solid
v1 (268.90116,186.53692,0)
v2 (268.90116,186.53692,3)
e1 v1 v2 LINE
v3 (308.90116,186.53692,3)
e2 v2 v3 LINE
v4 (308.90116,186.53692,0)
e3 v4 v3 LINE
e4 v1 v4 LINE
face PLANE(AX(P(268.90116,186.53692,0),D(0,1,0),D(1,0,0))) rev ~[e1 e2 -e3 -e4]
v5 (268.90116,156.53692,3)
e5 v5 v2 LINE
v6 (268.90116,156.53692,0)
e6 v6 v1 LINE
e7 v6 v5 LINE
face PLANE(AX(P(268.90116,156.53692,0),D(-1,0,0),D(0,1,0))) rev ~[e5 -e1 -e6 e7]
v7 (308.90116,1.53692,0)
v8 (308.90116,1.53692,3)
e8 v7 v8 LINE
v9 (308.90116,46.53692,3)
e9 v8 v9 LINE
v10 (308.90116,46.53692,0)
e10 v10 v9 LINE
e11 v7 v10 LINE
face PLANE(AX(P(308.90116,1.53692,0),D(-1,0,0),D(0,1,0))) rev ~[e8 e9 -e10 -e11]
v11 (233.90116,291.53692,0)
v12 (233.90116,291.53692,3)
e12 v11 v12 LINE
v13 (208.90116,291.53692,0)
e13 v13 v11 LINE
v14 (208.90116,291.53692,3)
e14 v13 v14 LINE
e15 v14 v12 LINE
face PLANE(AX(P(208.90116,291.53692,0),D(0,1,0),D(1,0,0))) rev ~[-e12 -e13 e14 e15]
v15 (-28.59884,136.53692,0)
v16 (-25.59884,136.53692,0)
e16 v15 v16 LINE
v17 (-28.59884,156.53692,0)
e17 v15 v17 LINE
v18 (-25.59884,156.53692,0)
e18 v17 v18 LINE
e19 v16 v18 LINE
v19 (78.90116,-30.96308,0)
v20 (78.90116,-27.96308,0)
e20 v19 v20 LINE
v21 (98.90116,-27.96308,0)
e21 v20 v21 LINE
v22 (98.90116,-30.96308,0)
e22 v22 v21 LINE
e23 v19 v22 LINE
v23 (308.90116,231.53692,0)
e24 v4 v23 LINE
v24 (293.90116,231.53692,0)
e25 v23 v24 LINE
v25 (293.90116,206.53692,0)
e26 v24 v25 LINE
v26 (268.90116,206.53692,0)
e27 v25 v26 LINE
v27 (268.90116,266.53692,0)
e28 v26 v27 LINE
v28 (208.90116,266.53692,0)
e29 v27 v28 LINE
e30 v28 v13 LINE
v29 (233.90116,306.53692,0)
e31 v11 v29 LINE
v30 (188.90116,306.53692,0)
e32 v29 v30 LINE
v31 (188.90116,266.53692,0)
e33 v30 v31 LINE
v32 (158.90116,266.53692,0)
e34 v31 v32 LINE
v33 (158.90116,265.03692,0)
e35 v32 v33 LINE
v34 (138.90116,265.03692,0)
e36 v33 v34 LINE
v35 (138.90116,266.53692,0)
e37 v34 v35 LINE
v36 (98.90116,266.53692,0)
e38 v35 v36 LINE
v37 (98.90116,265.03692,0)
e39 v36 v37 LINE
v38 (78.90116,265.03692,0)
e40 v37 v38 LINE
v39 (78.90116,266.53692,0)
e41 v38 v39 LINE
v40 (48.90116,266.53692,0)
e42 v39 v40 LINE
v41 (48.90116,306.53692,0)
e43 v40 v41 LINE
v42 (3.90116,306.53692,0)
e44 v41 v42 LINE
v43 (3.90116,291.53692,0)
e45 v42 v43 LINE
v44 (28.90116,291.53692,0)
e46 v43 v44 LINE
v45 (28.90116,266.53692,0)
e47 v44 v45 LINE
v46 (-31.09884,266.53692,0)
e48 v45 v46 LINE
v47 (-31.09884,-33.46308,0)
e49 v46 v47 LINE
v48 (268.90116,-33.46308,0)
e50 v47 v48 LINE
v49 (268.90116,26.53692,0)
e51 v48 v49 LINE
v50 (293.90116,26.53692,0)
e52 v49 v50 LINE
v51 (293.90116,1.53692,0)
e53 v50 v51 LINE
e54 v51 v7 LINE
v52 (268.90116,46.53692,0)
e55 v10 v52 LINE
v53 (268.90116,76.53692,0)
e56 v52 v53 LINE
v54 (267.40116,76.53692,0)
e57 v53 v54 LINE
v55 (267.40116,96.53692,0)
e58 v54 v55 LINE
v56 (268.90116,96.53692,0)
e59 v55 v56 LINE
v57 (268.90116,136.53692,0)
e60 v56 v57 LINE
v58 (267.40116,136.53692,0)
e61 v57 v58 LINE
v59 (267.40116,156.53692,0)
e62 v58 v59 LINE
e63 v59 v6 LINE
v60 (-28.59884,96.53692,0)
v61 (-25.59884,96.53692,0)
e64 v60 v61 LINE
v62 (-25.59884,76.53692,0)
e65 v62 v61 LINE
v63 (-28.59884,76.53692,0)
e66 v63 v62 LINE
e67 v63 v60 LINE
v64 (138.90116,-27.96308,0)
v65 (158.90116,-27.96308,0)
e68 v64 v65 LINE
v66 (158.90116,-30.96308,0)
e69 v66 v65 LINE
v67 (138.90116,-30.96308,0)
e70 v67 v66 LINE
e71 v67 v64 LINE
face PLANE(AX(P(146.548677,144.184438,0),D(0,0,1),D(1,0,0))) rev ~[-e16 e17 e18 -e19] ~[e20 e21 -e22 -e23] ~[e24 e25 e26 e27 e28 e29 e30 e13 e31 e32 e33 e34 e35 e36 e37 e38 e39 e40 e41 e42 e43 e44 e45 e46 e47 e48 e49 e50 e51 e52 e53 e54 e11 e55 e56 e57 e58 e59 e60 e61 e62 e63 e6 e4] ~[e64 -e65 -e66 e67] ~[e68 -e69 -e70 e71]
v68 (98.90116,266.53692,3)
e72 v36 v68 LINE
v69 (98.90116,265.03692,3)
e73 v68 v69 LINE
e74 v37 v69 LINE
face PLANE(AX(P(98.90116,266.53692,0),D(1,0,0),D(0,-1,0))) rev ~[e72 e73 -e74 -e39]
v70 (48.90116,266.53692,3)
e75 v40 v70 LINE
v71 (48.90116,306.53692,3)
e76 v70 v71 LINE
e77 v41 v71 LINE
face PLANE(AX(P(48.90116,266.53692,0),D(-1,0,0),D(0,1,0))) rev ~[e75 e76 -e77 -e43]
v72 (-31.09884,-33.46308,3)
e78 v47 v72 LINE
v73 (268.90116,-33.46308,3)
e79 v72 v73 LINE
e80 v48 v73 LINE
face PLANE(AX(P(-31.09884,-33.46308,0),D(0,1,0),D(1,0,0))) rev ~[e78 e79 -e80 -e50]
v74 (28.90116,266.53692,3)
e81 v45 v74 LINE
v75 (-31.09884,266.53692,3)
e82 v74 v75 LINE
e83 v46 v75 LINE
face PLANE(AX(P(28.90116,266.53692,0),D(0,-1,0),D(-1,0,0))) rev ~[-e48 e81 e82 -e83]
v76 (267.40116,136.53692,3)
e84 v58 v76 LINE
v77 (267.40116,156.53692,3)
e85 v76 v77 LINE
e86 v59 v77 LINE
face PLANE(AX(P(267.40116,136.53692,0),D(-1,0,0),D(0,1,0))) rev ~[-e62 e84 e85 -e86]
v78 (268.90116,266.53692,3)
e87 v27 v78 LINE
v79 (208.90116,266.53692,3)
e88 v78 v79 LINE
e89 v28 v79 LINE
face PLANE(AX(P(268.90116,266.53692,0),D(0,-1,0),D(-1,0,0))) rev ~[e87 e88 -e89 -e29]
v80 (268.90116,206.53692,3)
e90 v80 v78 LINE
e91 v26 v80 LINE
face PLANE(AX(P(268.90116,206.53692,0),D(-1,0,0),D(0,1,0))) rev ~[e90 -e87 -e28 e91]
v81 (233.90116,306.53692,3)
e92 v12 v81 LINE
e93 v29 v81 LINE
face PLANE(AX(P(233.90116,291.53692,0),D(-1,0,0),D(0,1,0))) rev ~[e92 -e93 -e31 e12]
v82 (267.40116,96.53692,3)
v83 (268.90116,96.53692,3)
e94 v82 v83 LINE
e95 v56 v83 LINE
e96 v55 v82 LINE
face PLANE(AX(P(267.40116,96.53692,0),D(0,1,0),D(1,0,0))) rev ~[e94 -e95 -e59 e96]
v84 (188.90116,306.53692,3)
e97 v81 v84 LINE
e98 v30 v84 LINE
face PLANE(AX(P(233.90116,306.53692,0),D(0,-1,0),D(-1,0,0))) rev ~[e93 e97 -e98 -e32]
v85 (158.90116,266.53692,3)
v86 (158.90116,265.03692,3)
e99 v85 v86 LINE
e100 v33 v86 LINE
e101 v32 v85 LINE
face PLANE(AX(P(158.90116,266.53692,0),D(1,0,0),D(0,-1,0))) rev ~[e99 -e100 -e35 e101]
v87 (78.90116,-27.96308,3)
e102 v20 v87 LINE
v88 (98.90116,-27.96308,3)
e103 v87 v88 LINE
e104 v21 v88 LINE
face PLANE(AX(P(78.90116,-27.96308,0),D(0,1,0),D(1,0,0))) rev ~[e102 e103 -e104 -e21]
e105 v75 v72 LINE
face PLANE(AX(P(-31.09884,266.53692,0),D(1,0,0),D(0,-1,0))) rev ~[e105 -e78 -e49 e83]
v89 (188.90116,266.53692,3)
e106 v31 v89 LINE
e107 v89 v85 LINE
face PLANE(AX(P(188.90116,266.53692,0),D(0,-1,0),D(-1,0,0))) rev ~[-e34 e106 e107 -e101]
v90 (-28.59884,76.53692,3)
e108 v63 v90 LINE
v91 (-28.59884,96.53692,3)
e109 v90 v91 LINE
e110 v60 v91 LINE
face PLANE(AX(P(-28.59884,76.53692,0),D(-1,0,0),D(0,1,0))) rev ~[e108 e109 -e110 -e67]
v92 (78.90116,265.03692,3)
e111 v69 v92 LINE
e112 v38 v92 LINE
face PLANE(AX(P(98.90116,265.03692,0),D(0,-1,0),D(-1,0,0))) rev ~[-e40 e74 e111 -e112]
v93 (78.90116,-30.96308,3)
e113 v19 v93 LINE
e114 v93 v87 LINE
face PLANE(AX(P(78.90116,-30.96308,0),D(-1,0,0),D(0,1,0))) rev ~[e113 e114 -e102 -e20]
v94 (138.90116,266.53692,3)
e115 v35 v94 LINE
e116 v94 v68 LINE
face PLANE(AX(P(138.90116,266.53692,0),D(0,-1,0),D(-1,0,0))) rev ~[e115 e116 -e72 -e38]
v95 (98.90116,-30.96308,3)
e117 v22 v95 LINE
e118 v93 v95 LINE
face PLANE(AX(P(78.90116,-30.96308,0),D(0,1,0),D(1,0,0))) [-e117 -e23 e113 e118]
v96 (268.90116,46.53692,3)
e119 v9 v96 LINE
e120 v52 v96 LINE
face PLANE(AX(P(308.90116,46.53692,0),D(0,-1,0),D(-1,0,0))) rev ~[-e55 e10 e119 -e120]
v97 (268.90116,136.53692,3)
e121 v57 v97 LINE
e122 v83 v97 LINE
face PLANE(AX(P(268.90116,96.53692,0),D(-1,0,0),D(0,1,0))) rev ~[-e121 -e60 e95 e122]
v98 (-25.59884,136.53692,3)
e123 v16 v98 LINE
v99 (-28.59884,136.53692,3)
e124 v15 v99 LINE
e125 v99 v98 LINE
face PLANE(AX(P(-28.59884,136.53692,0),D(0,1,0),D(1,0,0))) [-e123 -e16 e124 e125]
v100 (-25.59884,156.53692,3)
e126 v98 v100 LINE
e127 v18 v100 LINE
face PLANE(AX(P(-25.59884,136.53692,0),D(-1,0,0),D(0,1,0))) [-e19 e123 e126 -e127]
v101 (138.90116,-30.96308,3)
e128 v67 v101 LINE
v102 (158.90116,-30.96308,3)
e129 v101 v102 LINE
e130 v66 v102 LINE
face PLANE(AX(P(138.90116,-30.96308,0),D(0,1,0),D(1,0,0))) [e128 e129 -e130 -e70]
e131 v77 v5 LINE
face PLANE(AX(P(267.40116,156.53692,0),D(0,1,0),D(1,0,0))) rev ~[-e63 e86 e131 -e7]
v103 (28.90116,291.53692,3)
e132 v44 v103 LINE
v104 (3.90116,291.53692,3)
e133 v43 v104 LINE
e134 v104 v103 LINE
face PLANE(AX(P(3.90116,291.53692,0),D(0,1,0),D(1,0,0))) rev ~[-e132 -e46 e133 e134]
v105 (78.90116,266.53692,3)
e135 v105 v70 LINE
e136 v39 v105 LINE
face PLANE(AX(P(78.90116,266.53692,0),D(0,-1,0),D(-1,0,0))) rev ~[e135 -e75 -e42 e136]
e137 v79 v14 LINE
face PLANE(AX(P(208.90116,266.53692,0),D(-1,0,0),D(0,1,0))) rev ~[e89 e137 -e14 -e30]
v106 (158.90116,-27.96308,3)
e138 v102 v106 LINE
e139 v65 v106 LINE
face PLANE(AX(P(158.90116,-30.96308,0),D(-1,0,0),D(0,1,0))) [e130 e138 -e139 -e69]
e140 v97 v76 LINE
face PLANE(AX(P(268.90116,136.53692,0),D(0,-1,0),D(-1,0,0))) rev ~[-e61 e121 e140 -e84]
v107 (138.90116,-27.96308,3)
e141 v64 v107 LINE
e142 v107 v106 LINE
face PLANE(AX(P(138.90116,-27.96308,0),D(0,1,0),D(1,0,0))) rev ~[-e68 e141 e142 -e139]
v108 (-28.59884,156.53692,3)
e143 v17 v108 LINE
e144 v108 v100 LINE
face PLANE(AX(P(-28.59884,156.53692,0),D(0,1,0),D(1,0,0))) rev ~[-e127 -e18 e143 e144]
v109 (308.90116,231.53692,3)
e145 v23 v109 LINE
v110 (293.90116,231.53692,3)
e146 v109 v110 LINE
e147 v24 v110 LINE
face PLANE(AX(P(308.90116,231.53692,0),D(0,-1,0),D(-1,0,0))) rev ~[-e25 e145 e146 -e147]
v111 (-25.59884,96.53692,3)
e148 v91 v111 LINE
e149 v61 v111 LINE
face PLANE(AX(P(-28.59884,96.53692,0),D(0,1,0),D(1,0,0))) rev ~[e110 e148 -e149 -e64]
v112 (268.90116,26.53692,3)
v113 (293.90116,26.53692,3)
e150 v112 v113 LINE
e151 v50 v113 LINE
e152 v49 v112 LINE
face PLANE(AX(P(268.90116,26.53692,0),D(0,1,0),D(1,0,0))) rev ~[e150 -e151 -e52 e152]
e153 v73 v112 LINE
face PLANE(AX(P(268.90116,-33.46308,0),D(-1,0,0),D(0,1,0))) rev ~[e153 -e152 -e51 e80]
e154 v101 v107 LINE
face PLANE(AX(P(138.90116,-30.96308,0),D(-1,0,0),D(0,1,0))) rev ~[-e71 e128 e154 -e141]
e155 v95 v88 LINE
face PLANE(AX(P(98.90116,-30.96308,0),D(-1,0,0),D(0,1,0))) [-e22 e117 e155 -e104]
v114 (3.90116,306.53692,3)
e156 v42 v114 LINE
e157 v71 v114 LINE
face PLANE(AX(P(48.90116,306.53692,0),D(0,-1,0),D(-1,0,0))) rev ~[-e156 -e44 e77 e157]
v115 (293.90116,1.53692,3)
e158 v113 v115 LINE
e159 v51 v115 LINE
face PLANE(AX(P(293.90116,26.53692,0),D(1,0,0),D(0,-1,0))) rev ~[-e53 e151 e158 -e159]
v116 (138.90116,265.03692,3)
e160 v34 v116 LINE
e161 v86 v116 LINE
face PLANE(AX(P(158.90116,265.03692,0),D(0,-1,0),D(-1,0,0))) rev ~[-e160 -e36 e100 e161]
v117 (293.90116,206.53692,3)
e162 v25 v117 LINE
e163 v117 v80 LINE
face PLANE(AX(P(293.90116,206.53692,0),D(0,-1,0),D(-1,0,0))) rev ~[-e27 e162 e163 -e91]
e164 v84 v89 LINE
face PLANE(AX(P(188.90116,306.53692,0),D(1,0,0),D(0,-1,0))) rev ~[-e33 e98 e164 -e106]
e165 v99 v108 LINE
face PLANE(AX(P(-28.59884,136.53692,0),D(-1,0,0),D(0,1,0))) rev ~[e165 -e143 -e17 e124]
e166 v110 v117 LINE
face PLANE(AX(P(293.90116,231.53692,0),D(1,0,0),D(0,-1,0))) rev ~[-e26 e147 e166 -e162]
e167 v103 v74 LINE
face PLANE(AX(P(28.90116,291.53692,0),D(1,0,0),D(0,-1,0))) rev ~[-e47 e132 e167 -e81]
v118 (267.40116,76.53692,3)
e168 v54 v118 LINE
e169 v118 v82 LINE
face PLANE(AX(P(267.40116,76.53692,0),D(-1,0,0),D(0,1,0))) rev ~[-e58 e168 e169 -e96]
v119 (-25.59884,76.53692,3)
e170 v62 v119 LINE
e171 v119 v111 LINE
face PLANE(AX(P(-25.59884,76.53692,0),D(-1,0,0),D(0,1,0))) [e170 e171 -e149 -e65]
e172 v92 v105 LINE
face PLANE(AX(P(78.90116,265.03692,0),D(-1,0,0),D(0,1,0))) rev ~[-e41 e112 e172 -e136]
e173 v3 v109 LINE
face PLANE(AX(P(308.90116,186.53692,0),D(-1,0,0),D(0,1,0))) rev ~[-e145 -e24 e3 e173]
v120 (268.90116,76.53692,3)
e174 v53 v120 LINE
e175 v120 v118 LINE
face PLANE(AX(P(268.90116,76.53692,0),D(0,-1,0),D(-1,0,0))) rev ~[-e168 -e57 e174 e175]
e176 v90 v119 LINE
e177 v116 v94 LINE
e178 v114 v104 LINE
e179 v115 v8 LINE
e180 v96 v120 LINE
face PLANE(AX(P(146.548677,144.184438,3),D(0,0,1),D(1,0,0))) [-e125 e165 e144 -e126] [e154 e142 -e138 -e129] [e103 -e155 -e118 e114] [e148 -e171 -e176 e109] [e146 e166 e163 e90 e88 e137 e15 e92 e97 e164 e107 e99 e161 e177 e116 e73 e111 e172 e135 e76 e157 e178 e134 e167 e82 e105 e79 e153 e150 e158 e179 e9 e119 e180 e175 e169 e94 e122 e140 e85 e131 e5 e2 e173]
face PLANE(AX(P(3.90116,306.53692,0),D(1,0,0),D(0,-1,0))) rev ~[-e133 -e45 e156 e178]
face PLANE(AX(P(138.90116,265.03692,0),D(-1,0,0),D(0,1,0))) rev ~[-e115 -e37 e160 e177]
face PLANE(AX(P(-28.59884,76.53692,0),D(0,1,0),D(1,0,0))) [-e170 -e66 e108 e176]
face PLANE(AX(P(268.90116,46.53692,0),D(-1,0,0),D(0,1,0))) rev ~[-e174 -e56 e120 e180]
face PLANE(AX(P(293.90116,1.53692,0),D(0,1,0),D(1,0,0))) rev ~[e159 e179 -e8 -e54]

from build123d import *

# Parameters (mm, degrees)
ESBO_O1_W                = 20
ESBO_O1_H                = 3
ESBO_O1_W_2              = 3
ESBO_O1_H_2              = 20
RESSALTO_EXTRUS_O1_DEPTH = 3


with BuildPart() as part:
    # Esboço1 → Ressalto-extrusão1 (new body)
    with BuildSketch(Plane.XY):
        Polygon((208.901159766, 291.53692045), (233.901159766, 291.53692045), (233.901159766, 306.53692045), (188.901159766, 306.53692045), (188.901159766, 266.53692045), (158.901159766, 266.53692045), (158.901159766, 265.03692045), (138.901159766, 265.03692045), (138.901159766, 266.53692045), (98.901159766, 266.53692045), (98.901159766, 265.03692045), (78.901159766, 265.03692045), (78.901159766, 266.53692045), (48.901159766, 266.53692045), (48.901159766, 306.53692045), (3.901159766, 306.53692045), (3.901159766, 291.53692045), (28.901159766, 291.53692045), (28.901159766, 266.53692045), (-31.098840234, 266.53692045), (-31.098840234, -33.46307955), (268.901159766, -33.46307955), (268.901159766, 26.53692045), (293.901159766, 26.53692045), (293.901159766, 1.53692045), (308.901159766, 1.53692045), (308.901159766, 46.53692045), (268.901159766, 46.53692045), (268.901159766, 76.53692045), (267.401159766, 76.53692045), (267.401159766, 96.53692045), (268.901159766, 96.53692045), (268.901159766, 136.53692045), (267.401159766, 136.53692045), (267.401159766, 156.53692045), (268.901159766, 156.53692045), (268.901159766, 186.53692045), (308.901159766, 186.53692045), (308.901159766, 231.53692045), (293.901159766, 231.53692045), (293.901159766, 206.53692045), (268.901159766, 206.53692045), (268.901159766, 266.53692045), (208.901159766, 266.53692045), align=None)
        with Locations((88.901159766, -29.46307955)):
            Rectangle(ESBO_O1_W, ESBO_O1_H, mode=Mode.SUBTRACT)
        with Locations((148.901159766, -29.46307955)):
            Rectangle(ESBO_O1_W, ESBO_O1_H, mode=Mode.SUBTRACT)
        with Locations((-27.098840234, 146.53692045)):
            Rectangle(ESBO_O1_W_2, ESBO_O1_H_2, mode=Mode.SUBTRACT)
        with Locations((-27.098840234, 86.53692045)):
            Rectangle(ESBO_O1_W_2, ESBO_O1_H_2, mode=Mode.SUBTRACT)
    extrude(amount=RESSALTO_EXTRUS_O1_DEPTH)


solid = part.part
